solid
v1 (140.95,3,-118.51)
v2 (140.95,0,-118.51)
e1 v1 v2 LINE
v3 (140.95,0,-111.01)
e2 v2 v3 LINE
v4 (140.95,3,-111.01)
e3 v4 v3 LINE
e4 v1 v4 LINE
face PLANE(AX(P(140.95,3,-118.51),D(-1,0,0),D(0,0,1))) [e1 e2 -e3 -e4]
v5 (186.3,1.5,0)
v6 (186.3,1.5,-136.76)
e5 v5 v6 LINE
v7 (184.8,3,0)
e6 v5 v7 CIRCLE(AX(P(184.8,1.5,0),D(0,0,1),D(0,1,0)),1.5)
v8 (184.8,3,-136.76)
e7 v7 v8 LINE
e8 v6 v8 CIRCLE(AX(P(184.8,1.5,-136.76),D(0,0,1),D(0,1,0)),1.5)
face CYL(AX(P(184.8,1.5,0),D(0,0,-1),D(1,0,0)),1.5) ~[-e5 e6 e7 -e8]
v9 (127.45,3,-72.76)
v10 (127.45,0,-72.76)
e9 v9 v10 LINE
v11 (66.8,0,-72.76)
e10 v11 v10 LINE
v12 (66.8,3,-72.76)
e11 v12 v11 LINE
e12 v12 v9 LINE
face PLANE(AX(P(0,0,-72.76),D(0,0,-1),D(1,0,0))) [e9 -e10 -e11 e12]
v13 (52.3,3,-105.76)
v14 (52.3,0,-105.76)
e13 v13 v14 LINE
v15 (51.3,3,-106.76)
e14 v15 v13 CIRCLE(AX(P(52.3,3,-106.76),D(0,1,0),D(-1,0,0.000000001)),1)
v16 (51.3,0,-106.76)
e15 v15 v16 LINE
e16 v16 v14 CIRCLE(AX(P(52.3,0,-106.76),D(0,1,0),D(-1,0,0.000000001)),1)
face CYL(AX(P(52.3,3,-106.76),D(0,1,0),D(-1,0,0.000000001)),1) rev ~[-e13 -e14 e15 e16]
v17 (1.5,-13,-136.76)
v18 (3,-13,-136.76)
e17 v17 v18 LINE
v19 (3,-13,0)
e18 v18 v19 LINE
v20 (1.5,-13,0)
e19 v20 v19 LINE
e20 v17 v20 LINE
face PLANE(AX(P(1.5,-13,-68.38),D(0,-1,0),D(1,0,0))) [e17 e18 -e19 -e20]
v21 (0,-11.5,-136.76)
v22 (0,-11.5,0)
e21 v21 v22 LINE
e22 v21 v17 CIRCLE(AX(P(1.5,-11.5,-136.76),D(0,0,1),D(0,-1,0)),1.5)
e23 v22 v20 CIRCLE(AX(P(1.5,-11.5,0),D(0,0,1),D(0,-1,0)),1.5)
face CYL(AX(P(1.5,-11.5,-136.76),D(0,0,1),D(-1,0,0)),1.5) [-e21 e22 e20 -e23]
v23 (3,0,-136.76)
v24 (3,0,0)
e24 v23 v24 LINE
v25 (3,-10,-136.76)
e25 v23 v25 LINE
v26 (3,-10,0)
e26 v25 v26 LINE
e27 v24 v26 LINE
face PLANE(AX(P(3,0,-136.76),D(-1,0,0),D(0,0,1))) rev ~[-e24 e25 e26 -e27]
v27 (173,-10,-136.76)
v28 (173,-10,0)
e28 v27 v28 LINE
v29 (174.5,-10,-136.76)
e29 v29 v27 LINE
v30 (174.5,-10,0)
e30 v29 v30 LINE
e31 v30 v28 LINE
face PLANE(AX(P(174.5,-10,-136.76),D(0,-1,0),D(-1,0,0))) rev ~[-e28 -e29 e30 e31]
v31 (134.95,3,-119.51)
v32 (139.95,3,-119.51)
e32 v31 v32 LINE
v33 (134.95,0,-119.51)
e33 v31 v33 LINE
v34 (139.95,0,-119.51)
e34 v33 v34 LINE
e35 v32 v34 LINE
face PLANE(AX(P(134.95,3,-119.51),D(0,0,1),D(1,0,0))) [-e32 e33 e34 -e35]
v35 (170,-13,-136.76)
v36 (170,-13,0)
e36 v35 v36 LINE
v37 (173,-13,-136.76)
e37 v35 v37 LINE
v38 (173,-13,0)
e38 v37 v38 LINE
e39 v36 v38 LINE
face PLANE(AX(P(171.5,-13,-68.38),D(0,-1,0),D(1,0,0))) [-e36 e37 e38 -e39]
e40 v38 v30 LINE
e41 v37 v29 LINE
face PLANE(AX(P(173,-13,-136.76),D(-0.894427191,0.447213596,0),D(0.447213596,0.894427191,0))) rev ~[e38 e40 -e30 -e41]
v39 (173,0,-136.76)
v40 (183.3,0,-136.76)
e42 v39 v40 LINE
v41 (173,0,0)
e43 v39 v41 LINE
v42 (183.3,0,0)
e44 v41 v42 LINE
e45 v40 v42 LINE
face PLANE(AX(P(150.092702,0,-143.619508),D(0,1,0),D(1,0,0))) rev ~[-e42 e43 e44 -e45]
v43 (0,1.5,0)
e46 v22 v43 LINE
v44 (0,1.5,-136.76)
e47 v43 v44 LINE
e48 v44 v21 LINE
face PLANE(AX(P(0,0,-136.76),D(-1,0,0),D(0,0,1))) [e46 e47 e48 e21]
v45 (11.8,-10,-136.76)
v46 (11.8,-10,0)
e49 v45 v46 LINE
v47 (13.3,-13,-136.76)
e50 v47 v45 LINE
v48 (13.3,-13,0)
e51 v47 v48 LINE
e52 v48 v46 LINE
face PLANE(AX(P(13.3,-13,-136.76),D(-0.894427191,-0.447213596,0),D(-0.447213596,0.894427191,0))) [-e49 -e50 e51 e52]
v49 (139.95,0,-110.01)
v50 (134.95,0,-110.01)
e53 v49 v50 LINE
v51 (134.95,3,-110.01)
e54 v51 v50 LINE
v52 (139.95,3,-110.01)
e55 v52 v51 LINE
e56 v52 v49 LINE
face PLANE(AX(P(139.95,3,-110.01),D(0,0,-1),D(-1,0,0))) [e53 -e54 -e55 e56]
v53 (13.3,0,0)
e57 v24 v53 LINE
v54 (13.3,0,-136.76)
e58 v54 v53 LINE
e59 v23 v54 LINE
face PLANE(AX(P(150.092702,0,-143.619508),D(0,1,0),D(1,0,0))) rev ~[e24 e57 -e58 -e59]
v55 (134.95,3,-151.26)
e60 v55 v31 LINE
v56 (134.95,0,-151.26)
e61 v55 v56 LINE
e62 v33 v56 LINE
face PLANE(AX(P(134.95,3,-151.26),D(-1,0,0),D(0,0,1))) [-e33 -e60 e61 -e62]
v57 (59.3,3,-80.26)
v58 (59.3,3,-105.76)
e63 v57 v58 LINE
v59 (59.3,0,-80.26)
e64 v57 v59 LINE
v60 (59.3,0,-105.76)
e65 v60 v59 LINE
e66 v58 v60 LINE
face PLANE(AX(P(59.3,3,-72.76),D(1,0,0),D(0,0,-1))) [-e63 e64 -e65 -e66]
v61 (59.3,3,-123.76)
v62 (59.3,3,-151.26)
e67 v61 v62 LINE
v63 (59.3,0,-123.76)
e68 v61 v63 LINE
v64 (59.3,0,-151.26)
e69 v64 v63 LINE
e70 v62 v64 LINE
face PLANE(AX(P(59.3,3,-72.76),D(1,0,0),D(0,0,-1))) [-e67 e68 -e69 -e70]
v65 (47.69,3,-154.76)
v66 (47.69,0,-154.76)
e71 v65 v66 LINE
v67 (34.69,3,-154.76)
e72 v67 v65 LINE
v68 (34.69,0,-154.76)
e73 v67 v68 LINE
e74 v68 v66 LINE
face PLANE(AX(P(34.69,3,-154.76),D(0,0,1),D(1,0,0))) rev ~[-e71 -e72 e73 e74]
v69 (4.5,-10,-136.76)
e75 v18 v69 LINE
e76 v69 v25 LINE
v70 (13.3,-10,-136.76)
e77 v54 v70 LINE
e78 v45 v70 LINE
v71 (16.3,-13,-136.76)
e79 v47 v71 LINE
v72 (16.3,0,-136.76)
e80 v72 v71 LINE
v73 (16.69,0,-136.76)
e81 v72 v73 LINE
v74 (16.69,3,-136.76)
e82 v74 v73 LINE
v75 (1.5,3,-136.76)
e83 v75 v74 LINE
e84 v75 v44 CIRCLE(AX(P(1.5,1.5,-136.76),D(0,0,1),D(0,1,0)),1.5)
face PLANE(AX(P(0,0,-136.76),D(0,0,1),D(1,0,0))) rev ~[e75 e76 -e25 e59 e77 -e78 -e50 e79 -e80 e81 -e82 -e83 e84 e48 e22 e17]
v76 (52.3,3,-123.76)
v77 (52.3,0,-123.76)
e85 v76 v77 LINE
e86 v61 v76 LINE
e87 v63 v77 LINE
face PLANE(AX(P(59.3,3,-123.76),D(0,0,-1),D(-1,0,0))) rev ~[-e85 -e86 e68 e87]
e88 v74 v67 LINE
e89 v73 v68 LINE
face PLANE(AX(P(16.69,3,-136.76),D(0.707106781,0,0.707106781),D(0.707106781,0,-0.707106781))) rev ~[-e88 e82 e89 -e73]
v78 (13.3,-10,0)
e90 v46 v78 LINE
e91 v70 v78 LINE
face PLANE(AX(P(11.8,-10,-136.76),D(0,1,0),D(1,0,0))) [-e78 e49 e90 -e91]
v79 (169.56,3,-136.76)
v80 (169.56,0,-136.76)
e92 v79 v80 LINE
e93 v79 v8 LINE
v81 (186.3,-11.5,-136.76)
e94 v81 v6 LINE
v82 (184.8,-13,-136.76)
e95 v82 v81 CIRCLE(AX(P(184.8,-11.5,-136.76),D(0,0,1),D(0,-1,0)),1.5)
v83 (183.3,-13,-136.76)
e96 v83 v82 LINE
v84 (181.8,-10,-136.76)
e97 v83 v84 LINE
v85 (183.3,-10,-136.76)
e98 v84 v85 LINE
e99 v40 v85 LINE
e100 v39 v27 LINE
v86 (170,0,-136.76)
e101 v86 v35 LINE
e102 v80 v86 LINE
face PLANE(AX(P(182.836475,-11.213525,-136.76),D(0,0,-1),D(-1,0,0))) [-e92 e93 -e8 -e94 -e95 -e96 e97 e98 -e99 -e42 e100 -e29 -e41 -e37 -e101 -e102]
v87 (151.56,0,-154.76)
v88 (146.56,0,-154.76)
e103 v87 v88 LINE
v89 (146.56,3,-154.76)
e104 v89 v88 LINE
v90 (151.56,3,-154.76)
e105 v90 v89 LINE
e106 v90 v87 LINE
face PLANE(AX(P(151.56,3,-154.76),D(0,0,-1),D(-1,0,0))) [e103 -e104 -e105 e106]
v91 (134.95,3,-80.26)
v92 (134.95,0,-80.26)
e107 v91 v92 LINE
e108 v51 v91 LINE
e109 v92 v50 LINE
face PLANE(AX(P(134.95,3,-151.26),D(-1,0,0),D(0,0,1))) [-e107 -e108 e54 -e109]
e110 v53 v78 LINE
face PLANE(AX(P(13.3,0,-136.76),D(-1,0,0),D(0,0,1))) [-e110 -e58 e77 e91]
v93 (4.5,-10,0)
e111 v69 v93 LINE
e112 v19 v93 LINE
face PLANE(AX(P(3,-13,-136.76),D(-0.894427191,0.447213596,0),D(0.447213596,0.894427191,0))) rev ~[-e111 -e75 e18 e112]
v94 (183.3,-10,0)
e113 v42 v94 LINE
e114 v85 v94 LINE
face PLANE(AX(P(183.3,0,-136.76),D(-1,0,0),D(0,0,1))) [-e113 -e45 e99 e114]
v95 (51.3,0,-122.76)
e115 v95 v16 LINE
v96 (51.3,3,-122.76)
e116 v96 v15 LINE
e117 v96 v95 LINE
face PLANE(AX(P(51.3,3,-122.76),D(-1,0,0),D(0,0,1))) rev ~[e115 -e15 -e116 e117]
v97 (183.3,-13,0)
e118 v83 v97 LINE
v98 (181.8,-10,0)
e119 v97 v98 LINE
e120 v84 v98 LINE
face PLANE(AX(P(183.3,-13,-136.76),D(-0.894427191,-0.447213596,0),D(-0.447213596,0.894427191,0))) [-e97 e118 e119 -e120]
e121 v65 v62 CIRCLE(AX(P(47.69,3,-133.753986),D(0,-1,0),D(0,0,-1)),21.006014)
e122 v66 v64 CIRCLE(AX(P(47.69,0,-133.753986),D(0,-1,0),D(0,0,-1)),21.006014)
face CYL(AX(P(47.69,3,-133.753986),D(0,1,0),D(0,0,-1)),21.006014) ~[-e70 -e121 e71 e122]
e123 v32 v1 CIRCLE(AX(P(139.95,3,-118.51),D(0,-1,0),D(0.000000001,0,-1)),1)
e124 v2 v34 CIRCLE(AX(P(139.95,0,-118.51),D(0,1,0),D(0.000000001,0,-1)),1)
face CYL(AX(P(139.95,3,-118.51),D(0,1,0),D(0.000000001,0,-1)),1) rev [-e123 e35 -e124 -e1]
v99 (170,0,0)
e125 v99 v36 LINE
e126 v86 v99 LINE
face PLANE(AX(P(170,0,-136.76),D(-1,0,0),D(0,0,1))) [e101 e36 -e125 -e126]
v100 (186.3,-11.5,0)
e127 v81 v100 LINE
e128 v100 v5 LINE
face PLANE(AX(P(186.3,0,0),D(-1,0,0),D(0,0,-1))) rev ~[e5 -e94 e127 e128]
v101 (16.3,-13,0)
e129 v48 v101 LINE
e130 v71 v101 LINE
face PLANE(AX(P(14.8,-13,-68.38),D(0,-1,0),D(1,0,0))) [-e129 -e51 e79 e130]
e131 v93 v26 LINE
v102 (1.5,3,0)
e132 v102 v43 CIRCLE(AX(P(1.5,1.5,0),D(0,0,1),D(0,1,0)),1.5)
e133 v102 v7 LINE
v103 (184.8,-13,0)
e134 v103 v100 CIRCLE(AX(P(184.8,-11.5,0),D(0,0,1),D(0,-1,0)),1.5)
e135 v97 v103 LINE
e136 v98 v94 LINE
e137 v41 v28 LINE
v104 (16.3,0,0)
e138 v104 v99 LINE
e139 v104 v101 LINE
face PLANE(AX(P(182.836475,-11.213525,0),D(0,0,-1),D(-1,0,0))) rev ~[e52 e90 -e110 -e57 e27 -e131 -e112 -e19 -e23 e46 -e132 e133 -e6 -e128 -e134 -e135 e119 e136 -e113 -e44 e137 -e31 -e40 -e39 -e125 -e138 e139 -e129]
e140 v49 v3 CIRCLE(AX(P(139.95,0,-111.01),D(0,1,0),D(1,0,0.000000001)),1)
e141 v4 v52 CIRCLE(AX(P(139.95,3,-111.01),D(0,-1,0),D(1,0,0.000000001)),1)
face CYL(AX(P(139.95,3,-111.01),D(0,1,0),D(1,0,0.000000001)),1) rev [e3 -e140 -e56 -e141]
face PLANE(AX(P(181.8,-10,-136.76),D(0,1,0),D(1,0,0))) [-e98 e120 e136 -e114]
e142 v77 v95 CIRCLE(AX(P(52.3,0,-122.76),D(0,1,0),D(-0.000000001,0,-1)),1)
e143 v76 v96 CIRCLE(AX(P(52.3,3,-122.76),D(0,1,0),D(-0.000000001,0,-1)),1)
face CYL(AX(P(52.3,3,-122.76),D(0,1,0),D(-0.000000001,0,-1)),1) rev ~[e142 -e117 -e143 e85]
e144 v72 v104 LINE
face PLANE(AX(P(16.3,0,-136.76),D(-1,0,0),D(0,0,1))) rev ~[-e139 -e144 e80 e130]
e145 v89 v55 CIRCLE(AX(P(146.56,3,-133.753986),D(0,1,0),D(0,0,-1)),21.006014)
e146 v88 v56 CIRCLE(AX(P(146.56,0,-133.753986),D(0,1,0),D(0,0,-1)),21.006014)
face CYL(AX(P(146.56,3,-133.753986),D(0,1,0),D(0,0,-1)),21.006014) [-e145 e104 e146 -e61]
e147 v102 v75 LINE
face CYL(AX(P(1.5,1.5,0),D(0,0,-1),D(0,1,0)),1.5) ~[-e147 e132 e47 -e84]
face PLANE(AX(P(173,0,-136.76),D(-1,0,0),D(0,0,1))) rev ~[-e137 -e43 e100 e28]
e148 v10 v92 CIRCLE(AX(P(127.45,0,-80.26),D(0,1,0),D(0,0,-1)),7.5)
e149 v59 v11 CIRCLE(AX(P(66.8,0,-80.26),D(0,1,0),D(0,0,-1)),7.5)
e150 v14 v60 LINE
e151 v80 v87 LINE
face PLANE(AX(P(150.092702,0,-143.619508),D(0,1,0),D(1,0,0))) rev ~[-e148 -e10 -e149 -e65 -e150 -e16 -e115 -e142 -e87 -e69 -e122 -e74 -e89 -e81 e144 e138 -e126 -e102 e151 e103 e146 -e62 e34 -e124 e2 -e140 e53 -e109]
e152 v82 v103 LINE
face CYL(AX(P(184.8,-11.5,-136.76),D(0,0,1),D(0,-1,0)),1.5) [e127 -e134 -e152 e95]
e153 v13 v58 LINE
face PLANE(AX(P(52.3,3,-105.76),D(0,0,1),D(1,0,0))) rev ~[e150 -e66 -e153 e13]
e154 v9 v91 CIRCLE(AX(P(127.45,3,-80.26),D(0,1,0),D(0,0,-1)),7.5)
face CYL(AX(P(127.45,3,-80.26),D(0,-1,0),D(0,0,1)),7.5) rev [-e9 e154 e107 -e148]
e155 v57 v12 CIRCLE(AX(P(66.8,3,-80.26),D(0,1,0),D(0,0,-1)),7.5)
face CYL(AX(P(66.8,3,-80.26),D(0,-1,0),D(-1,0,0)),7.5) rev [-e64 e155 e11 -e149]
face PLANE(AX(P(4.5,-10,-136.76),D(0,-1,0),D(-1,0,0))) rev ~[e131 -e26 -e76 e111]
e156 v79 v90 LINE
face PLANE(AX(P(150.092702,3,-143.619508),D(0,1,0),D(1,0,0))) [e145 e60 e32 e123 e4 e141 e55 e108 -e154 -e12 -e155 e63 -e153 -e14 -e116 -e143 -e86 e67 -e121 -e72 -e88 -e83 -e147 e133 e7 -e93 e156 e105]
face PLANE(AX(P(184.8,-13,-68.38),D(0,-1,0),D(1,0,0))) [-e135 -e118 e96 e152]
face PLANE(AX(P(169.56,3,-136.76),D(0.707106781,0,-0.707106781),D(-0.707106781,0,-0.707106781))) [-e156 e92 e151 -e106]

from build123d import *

# Parameters (mm, degrees)
SKETCH1_W           = 186.3
SKETCH1_H           = 72.76
BOSS_EXTRUDE1_DEPTH = 3
SKETCH3_W           = 59.3
SKETCH3_H           = 64
SKETCH3_W_2         = 51.35
BOSS_EXTRUDE3_DEPTH = 3
BOSS_EXTRUDE4_DEPTH = 3
CUT_EXTRUDE1_DEPTH  = 10
SKETCH9_W           = 3
SKETCH9_H           = 136.76
BOSS_EXTRUDE7_DEPTH = 13
FILLET1_R           = 7.5
BOSS_EXTRUDE8_DEPTH = 136.76
FILLET2_R           = 1.5


with BuildPart() as part:
    # Sketch1 → Boss-Extrude1 (new body)
    with BuildSketch(Plane(origin=(0, 0, 0), x_dir=(1, 0, 0), z_dir=(0, 1, 0))):
        with Locations((93.15, 36.38)):
            Rectangle(SKETCH1_W, SKETCH1_H)
    extrude(amount=BOSS_EXTRUDE1_DEPTH)

    # Sketch3 → Boss-Extrude3 (add)
    with BuildSketch(Plane(origin=(0, 3, 0), x_dir=(1, 0, 0), z_dir=(0, 1, 0))):
        with Locations((29.65, 104.76)):
            Rectangle(SKETCH3_W, SKETCH3_H)
        with Locations((160.625, 104.76)):
            Rectangle(SKETCH3_W_2, SKETCH3_H)
    extrude(amount=-BOSS_EXTRUDE3_DEPTH)

    # Sketch5 → Boss-Extrude4 (add)
    with BuildSketch(Plane(origin=(0, 3, 0), x_dir=(1, 0, 0), z_dir=(0, 1, 0))):
        with BuildLine():
            Line((169.56, 136.76), (151.56, 154.76))
            Line((151.56, 154.76), (146.56, 154.76))
            ThreePointArc((146.56, 154.76), (140.496954148, 153.865974954), (134.95, 151.26))
            Line((134.95, 151.26), (134.95, 136.76))
            Line((134.95, 136.76), (169.56, 136.76))
        make_face()
        with BuildLine():
            Line((59.3, 136.76), (16.69, 136.76))
            Line((16.69, 136.76), (34.69, 154.76))
            Line((34.69, 154.76), (47.69, 154.76))
            ThreePointArc((47.69, 154.76), (53.753045852, 153.865974954), (59.3, 151.26))
            Line((59.3, 151.26), (59.3, 136.76))
        make_face()
    extrude(amount=-BOSS_EXTRUDE4_DEPTH)

    # Sketch6 → Cut-Extrude1 (cut)
    with BuildSketch(Plane(origin=(0, 3, 0), x_dir=(1, 0, 0), z_dir=(0, 1, 0))):
        with BuildLine():
            Line((59.3, 123.76), (52.3, 123.76))
            ThreePointArc((52.3, 123.76), (51.592893219, 123.467106781), (51.3, 122.76))
            Line((51.3, 122.76), (51.3, 106.76))
            ThreePointArc((51.3, 106.76), (51.592893219, 106.052893219), (52.3, 105.76))
            Line((52.3, 105.76), (59.3, 105.76))
            Line((59.3, 105.76), (59.3, 123.76))
        make_face()
        with BuildLine():
            Line((139.95, 110.01), (134.95, 110.01))
            Line((134.95, 110.01), (134.95, 119.51))
            Line((134.95, 119.51), (139.95, 119.51))
            ThreePointArc((139.95, 119.51), (140.657106781, 119.217106781), (140.95, 118.51))
            Line((140.95, 118.51), (140.95, 111.01))
            ThreePointArc((140.95, 111.01), (140.657106781, 110.302893219), (139.95, 110.01))
        make_face()
    extrude(amount=-CUT_EXTRUDE1_DEPTH, mode=Mode.SUBTRACT)

    # Sketch9 → Boss-Extrude7 (add)
    with BuildSketch(Plane.XZ):
        with Locations((1.5, -68.38)):
            Rectangle(SKETCH9_W, SKETCH9_H)
        with Locations((184.8, -68.38)):
            Rectangle(SKETCH9_W, SKETCH9_H)
        with Locations((14.8, -68.38)):
            Rectangle(SKETCH9_W, SKETCH9_H)
        with Locations((171.5, -68.38)):
            Rectangle(SKETCH9_W, SKETCH9_H)
    extrude(amount=BOSS_EXTRUDE7_DEPTH)

    # Fillet1
    fillet1_edges = [part.edges().sort_by_distance(p)[0] for p in [
        (59.3, 1.5, -72.76),
        (134.95, 1.5, -72.76),
    ]]
    fillet(fillet1_edges, radius=FILLET1_R)

    # Sketch10 → Boss-Extrude8 (add)
    with BuildSketch(Plane(origin=(0, 0, -136.76), x_dir=(-1, 0, 0), z_dir=(0, 0, -1))):
        Polygon((-183.3, -13), (-181.8, -10), (-183.3, -10), align=None)
        Polygon((-174.5, -10), (-173, -10), (-173, -13), align=None)
        Polygon((-13.3, -10), (-13.3, -13), (-11.8, -10), align=None)
        Polygon((-4.5, -10), (-3, -10), (-3, -13), align=None)
    extrude(amount=-BOSS_EXTRUDE8_DEPTH)

    # Fillet2
    fillet2_edges = [part.edges().sort_by_distance(p)[0] for p in [
        (186.3, 3, -68.38),
        (0, -13, -68.38),
        (186.3, -13, -68.38),
        (0, 3, -68.38),
    ]]
    fillet(fillet2_edges, radius=FILLET2_R)


solid = part.part
